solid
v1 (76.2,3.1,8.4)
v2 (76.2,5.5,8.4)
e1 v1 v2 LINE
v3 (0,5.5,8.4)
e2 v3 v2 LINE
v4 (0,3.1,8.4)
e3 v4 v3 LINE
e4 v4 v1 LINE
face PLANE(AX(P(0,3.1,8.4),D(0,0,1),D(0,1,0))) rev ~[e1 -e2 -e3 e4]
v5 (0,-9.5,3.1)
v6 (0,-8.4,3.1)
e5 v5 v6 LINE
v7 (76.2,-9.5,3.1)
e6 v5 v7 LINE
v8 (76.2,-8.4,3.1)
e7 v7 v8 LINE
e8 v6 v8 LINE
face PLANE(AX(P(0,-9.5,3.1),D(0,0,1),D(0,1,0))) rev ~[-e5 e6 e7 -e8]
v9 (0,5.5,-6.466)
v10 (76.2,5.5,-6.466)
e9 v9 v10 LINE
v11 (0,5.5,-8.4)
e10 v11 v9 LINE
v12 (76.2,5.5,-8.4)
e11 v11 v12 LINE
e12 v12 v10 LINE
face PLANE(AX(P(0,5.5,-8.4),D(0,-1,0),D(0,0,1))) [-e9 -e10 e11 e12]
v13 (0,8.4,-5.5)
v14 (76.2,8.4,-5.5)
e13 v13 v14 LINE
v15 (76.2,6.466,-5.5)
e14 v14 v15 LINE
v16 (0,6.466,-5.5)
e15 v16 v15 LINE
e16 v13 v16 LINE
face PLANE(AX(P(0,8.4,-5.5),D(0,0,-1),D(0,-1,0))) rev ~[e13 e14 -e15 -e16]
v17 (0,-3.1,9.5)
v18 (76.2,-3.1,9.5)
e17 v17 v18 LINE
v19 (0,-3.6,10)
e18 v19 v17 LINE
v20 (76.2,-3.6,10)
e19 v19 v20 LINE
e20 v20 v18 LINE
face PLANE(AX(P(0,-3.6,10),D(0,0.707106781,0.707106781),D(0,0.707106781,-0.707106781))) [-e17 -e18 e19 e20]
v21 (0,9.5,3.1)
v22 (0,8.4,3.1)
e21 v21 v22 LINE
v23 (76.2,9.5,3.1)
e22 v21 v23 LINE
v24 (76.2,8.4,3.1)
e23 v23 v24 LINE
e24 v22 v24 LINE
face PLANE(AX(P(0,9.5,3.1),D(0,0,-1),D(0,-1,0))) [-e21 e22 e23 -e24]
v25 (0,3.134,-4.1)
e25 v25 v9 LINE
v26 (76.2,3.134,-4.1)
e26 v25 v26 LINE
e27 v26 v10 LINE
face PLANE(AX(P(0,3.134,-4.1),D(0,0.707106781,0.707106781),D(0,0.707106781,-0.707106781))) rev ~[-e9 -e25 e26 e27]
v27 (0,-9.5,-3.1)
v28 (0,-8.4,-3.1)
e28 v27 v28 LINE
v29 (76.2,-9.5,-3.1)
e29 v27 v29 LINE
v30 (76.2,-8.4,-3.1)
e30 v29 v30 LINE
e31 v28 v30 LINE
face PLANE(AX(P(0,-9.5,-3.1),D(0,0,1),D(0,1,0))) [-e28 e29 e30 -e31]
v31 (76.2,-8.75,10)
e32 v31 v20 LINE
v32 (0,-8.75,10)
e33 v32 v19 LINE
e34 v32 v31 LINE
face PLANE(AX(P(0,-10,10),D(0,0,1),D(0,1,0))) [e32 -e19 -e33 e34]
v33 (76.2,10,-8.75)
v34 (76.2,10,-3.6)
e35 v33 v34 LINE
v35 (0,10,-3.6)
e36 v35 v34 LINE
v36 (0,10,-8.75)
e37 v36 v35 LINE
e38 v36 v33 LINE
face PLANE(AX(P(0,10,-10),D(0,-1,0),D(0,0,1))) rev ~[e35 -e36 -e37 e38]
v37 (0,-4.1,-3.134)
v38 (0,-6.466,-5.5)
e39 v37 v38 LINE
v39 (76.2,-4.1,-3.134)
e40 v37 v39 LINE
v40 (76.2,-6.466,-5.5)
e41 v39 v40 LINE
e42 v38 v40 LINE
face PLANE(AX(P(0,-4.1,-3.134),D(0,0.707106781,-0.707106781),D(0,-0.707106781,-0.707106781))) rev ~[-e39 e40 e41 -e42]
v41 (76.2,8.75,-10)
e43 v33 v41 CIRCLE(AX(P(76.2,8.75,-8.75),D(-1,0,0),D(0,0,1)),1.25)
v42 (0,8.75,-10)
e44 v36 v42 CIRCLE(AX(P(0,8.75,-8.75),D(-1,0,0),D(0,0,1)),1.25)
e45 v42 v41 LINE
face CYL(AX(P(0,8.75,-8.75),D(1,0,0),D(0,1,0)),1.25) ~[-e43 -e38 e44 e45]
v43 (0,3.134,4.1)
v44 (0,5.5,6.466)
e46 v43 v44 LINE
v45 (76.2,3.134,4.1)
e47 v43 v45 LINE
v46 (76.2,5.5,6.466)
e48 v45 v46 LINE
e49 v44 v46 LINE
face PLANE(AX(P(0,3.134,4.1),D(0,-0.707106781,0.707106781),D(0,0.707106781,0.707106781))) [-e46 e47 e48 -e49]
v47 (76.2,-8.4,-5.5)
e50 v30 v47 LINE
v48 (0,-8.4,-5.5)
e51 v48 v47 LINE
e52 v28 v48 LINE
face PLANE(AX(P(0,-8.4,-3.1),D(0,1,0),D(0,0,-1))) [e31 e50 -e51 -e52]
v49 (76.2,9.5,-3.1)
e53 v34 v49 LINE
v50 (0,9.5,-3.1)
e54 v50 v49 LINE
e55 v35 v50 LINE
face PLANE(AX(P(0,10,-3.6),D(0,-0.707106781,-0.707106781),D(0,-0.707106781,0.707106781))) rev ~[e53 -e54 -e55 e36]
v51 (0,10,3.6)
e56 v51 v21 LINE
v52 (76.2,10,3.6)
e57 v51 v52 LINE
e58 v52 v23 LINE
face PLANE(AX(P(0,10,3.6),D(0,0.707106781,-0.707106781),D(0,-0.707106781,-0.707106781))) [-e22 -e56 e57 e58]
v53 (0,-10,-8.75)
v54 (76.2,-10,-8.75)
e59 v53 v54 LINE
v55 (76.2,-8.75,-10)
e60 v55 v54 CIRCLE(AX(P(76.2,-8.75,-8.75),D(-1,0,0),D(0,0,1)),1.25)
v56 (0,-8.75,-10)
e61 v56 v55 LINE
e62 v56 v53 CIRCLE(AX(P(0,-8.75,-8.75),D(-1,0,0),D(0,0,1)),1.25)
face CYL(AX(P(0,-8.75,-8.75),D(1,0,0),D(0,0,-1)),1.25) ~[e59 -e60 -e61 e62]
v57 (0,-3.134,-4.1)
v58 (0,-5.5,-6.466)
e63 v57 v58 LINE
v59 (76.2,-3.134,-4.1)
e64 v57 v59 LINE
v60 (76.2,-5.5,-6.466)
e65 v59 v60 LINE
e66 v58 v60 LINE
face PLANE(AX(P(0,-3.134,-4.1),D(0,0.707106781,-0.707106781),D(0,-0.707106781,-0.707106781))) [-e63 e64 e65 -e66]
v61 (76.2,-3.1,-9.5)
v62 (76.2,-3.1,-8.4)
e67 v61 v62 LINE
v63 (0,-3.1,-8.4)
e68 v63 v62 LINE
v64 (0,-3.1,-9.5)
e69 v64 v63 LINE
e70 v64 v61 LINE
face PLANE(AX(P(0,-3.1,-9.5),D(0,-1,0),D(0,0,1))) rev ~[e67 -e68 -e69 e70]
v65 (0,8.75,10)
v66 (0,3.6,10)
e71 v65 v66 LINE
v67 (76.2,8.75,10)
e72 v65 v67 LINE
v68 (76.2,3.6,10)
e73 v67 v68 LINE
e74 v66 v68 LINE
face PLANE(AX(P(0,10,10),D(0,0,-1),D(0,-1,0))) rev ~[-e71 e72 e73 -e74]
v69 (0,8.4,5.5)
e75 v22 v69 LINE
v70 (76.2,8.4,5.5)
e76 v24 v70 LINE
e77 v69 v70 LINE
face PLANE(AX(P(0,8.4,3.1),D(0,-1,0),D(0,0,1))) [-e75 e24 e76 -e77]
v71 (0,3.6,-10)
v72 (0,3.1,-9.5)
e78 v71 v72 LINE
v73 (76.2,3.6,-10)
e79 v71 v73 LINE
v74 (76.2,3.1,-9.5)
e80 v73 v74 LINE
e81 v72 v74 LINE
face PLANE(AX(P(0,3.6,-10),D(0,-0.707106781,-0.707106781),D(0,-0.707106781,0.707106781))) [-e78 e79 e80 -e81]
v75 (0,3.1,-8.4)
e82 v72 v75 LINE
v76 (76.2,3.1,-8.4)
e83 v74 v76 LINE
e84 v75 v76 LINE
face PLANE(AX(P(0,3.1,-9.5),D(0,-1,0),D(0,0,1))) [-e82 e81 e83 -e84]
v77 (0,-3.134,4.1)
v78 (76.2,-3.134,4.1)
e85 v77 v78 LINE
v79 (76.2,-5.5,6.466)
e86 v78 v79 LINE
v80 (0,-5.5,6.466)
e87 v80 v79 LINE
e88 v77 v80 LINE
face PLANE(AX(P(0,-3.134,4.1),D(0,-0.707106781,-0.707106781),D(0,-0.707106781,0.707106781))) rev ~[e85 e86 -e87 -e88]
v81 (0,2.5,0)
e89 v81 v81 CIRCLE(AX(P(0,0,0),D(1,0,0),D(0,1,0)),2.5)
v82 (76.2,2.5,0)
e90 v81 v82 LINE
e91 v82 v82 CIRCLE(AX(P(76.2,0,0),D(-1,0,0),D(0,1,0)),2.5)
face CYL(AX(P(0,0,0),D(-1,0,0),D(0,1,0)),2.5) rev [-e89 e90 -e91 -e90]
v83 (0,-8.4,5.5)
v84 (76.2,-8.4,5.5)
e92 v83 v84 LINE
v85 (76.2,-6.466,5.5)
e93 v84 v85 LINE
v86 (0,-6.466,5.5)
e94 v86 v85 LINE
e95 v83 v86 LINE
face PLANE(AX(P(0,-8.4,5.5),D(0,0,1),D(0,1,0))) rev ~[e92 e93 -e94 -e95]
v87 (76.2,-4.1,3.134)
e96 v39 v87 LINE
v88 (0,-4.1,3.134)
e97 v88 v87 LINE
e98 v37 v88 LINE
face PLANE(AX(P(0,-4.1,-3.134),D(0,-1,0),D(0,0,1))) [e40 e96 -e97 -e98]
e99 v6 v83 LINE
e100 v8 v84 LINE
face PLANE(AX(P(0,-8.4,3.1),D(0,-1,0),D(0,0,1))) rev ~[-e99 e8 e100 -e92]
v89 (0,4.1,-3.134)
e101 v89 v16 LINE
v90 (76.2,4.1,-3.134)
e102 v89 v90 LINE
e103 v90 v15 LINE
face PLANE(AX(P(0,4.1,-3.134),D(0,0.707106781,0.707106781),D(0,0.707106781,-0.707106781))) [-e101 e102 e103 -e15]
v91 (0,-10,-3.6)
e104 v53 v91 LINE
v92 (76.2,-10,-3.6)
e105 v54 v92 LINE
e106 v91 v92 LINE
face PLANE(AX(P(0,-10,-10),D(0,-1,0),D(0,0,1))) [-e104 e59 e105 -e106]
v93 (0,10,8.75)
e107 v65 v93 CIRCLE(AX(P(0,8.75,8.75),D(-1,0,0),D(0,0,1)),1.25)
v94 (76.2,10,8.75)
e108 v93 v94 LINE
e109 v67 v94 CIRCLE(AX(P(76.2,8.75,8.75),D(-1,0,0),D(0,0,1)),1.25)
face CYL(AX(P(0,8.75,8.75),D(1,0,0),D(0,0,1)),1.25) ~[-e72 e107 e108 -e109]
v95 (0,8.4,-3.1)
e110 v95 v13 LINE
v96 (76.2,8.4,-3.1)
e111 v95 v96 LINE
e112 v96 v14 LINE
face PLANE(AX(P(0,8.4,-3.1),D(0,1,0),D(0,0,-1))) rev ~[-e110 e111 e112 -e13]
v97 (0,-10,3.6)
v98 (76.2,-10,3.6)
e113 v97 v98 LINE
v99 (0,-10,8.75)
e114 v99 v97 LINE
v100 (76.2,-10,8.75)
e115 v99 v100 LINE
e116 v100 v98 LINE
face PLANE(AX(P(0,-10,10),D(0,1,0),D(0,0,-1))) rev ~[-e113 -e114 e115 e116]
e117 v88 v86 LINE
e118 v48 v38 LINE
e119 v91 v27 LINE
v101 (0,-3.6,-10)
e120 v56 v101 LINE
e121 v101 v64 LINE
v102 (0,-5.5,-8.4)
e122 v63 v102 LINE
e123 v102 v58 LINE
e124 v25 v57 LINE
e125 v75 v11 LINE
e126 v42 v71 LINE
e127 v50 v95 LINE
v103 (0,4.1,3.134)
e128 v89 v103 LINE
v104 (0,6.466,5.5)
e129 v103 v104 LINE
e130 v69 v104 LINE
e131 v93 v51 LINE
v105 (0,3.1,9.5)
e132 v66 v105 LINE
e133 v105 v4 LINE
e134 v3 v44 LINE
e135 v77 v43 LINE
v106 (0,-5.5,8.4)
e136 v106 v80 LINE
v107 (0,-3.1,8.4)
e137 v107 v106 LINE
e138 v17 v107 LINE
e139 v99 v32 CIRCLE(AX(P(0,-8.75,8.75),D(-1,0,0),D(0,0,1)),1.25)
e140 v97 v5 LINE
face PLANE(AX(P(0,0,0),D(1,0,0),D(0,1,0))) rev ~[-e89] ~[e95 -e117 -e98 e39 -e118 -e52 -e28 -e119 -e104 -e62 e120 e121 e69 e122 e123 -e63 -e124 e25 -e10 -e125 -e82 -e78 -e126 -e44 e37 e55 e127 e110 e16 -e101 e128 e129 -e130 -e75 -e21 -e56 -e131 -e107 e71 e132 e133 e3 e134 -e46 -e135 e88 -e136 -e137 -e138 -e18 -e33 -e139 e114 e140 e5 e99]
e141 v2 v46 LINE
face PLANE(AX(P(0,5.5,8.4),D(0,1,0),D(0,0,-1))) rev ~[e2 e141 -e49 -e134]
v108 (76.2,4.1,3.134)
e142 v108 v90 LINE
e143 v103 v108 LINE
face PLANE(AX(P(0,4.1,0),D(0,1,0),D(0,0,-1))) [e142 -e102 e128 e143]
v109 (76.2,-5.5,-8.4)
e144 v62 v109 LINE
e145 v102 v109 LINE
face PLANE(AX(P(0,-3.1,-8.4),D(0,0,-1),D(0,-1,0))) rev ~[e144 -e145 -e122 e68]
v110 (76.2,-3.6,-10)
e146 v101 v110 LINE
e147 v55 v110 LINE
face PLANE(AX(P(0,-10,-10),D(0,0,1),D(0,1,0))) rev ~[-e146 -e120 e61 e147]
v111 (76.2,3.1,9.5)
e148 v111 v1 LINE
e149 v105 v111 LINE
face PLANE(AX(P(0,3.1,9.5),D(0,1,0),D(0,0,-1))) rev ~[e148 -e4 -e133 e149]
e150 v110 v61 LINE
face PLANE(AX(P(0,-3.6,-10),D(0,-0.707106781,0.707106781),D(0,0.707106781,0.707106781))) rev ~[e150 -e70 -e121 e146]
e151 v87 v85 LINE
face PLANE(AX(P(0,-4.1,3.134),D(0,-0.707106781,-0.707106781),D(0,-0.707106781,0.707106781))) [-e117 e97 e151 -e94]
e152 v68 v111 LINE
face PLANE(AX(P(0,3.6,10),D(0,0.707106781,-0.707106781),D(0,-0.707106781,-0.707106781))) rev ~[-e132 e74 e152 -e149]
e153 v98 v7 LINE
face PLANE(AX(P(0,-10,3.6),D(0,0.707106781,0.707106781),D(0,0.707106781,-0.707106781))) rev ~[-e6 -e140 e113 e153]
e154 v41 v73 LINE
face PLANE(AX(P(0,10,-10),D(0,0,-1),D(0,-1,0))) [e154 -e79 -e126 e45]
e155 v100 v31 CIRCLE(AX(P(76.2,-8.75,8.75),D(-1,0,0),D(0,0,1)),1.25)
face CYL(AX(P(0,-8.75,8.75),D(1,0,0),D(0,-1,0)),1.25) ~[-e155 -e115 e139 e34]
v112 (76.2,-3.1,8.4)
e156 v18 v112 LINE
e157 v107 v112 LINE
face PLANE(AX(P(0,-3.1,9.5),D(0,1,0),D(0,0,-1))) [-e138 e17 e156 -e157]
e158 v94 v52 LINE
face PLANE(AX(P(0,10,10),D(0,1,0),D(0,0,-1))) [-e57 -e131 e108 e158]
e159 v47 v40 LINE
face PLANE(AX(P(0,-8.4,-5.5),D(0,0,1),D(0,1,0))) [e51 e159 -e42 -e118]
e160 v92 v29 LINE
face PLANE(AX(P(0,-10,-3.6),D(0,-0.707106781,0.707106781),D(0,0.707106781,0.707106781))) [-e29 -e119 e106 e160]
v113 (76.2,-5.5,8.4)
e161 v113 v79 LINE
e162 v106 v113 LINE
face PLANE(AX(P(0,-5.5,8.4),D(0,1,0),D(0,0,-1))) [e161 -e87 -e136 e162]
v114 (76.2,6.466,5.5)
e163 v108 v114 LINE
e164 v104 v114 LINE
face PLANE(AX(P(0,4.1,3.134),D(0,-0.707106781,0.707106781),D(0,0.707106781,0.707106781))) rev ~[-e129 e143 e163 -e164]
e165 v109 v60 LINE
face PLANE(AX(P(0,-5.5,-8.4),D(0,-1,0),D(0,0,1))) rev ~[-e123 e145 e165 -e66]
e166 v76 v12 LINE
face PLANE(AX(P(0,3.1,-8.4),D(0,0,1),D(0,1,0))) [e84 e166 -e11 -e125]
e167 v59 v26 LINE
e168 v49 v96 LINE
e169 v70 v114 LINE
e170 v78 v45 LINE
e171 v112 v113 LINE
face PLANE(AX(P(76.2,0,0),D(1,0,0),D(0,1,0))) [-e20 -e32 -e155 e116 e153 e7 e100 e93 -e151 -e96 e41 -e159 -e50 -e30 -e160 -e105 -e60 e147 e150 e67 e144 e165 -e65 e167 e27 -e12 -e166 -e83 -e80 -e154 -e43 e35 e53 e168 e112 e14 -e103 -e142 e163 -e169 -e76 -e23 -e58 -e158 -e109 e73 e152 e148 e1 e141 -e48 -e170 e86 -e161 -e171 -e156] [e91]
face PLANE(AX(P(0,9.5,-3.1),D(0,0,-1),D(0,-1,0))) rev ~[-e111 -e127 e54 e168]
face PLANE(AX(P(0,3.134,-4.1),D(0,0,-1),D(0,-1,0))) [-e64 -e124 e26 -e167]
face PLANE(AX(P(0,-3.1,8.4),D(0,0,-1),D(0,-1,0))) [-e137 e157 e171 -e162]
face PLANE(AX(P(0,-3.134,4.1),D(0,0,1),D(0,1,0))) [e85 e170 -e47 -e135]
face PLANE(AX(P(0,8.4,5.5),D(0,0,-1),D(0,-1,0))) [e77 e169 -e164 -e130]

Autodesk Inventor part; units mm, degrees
ref_plane "YZ Plane" through (0, 0, 0) normal (1, 0, 0) x (0, 1, 0)
ref_plane "XZ Plane" through (0, 0, 0) normal (0, 1, 0) x (-1, 0, 0)
ref_plane "XY Plane" through (0, 0, 0) normal (0, 0, 1) x (1, 0, 0)
sketch "Sketch1" plane through (0, 0, 0) normal (1, 0, 0) x (0, 1, 0)
  circle A0 centre (0, 0) radius 2.5
  line L0 (0, 0) -> (10, 0)
  line L1 (10, -10) -> (10, -3.6)
  line L2 (10, -3.6) -> (9.5, -3.1)
  line L3 (9.5, -3.1) -> (8.4, -3.1)
  line L4 (8.4, -3.1) -> (8.4, -5.5)
  line L5 (-3.134, 4.1) -> (3.134, 4.1)
  line L6 (4.1, 3.134) -> (4.1, -3.134)
  line L7 (3.134, -4.1) -> (-3.134, -4.1)
  line L8 (-4.1, -3.134) -> (-4.1, 3.134)
  line L9 (-4.1, 4.1) -> (4.1, -4.1) construction
  line L10 (4.1, 4.1) -> (-4.1, -4.1) construction
  line L11 (4.1, -3.134) -> (6.466, -5.5)
  line L12 (8.4, -5.5) -> (6.466, -5.5)
  line L13 (10, -10) -> (3.6, -10)
  line L14 (3.6, -10) -> (3.1, -9.5)
  line L15 (3.1, -9.5) -> (3.1, -8.4)
  line L16 (3.1, -8.4) -> (5.5, -8.4)
  line L17 (3.134, -4.1) -> (5.5, -6.466)
  line L18 (5.5, -8.4) -> (5.5, -6.466)
  line L19 (10, 10) -> (10, 3.6)
  line L20 (10, 3.6) -> (9.5, 3.1)
  line L21 (9.5, 3.1) -> (8.4, 3.1)
  line L22 (8.4, 3.1) -> (8.4, 5.5)
  line L23 (4.1, 3.134) -> (6.466, 5.5)
  line L24 (8.4, 5.5) -> (6.466, 5.5)
  line L25 (5.5, 8.4) -> (5.5, 6.466)
  line L26 (3.134, 4.1) -> (5.5, 6.466)
  line L27 (3.1, 8.4) -> (5.5, 8.4)
  line L28 (3.1, 9.5) -> (3.1, 8.4)
  line L29 (3.6, 10) -> (3.1, 9.5)
  line L30 (10, 10) -> (3.6, 10)
  line L31 (0, 0) -> (0, -5.5)
  line L32 (-10, -10) -> (-10, -3.6)
  line L33 (-10, -3.6) -> (-9.5, -3.1)
  line L34 (-9.5, -3.1) -> (-8.4, -3.1)
  line L35 (-8.4, -3.1) -> (-8.4, -5.5)
  line L36 (-4.1, -3.134) -> (-6.466, -5.5)
  line L37 (-8.4, -5.5) -> (-6.466, -5.5)
  line L38 (-5.5, -8.4) -> (-5.5, -6.466)
  line L39 (-3.134, -4.1) -> (-5.5, -6.466)
  line L40 (-3.1, -8.4) -> (-5.5, -8.4)
  line L41 (-3.1, -9.5) -> (-3.1, -8.4)
  line L42 (-3.6, -10) -> (-3.1, -9.5)
  line L43 (-10, -10) -> (-3.6, -10)
  line L44 (-4.1, 3.134) -> (-6.466, 5.5)
  line L45 (-3.134, 4.1) -> (-5.5, 6.466)
  line L46 (-8.4, 3.1) -> (-8.4, 5.5)
  line L47 (-8.4, 5.5) -> (-6.466, 5.5)
  line L48 (-5.5, 8.4) -> (-5.5, 6.466)
  line L49 (-3.1, 8.4) -> (-5.5, 8.4)
  line L50 (-9.5, 3.1) -> (-8.4, 3.1)
  line L51 (-10, 3.6) -> (-9.5, 3.1)
  line L52 (-3.1, 9.5) -> (-3.1, 8.4)
  line L53 (-3.6, 10) -> (-3.1, 9.5)
  line L54 (-10, 10) -> (-3.6, 10)
  line L55 (-10, 10) -> (-10, 3.6)
  point P0 (-10, 0)
  dimension "d0" = 5
  dimension "d3" = 3.6
  dimension "d4" = 45
  dimension "d5" = 3.1
  dimension "d7" = 5.5
  dimension "d8" = 1.6
  dimension "d11" = 4.3
extrude "Extrusion1" add sketch "Sketch1" along normal blind 76.2 contours L0 L6 L11 L12 L4 L3 L2 L1 L13 L14 L15 L16 L18 L17 L7 L31 A0 | A0 L31 L7 L39 L38 L40 L41 L42 L43 L32 L33 L34 L35 L37 L36 L8 L44 L47 L46 L50 L51 L55 L54 L53 L52 L49 L48 L45 L5 L26 L25 L27 L28 L29 L30 L19 L20 L21 L22 L24 L23 L6 L0
fillet "Fillet1" radius 1.25 4 edges at (38.1, 10, 10) (38.1, -10, 10) (38.1, 10, -10) (38.1, -10, -10)
properties part number "2020-3in"
